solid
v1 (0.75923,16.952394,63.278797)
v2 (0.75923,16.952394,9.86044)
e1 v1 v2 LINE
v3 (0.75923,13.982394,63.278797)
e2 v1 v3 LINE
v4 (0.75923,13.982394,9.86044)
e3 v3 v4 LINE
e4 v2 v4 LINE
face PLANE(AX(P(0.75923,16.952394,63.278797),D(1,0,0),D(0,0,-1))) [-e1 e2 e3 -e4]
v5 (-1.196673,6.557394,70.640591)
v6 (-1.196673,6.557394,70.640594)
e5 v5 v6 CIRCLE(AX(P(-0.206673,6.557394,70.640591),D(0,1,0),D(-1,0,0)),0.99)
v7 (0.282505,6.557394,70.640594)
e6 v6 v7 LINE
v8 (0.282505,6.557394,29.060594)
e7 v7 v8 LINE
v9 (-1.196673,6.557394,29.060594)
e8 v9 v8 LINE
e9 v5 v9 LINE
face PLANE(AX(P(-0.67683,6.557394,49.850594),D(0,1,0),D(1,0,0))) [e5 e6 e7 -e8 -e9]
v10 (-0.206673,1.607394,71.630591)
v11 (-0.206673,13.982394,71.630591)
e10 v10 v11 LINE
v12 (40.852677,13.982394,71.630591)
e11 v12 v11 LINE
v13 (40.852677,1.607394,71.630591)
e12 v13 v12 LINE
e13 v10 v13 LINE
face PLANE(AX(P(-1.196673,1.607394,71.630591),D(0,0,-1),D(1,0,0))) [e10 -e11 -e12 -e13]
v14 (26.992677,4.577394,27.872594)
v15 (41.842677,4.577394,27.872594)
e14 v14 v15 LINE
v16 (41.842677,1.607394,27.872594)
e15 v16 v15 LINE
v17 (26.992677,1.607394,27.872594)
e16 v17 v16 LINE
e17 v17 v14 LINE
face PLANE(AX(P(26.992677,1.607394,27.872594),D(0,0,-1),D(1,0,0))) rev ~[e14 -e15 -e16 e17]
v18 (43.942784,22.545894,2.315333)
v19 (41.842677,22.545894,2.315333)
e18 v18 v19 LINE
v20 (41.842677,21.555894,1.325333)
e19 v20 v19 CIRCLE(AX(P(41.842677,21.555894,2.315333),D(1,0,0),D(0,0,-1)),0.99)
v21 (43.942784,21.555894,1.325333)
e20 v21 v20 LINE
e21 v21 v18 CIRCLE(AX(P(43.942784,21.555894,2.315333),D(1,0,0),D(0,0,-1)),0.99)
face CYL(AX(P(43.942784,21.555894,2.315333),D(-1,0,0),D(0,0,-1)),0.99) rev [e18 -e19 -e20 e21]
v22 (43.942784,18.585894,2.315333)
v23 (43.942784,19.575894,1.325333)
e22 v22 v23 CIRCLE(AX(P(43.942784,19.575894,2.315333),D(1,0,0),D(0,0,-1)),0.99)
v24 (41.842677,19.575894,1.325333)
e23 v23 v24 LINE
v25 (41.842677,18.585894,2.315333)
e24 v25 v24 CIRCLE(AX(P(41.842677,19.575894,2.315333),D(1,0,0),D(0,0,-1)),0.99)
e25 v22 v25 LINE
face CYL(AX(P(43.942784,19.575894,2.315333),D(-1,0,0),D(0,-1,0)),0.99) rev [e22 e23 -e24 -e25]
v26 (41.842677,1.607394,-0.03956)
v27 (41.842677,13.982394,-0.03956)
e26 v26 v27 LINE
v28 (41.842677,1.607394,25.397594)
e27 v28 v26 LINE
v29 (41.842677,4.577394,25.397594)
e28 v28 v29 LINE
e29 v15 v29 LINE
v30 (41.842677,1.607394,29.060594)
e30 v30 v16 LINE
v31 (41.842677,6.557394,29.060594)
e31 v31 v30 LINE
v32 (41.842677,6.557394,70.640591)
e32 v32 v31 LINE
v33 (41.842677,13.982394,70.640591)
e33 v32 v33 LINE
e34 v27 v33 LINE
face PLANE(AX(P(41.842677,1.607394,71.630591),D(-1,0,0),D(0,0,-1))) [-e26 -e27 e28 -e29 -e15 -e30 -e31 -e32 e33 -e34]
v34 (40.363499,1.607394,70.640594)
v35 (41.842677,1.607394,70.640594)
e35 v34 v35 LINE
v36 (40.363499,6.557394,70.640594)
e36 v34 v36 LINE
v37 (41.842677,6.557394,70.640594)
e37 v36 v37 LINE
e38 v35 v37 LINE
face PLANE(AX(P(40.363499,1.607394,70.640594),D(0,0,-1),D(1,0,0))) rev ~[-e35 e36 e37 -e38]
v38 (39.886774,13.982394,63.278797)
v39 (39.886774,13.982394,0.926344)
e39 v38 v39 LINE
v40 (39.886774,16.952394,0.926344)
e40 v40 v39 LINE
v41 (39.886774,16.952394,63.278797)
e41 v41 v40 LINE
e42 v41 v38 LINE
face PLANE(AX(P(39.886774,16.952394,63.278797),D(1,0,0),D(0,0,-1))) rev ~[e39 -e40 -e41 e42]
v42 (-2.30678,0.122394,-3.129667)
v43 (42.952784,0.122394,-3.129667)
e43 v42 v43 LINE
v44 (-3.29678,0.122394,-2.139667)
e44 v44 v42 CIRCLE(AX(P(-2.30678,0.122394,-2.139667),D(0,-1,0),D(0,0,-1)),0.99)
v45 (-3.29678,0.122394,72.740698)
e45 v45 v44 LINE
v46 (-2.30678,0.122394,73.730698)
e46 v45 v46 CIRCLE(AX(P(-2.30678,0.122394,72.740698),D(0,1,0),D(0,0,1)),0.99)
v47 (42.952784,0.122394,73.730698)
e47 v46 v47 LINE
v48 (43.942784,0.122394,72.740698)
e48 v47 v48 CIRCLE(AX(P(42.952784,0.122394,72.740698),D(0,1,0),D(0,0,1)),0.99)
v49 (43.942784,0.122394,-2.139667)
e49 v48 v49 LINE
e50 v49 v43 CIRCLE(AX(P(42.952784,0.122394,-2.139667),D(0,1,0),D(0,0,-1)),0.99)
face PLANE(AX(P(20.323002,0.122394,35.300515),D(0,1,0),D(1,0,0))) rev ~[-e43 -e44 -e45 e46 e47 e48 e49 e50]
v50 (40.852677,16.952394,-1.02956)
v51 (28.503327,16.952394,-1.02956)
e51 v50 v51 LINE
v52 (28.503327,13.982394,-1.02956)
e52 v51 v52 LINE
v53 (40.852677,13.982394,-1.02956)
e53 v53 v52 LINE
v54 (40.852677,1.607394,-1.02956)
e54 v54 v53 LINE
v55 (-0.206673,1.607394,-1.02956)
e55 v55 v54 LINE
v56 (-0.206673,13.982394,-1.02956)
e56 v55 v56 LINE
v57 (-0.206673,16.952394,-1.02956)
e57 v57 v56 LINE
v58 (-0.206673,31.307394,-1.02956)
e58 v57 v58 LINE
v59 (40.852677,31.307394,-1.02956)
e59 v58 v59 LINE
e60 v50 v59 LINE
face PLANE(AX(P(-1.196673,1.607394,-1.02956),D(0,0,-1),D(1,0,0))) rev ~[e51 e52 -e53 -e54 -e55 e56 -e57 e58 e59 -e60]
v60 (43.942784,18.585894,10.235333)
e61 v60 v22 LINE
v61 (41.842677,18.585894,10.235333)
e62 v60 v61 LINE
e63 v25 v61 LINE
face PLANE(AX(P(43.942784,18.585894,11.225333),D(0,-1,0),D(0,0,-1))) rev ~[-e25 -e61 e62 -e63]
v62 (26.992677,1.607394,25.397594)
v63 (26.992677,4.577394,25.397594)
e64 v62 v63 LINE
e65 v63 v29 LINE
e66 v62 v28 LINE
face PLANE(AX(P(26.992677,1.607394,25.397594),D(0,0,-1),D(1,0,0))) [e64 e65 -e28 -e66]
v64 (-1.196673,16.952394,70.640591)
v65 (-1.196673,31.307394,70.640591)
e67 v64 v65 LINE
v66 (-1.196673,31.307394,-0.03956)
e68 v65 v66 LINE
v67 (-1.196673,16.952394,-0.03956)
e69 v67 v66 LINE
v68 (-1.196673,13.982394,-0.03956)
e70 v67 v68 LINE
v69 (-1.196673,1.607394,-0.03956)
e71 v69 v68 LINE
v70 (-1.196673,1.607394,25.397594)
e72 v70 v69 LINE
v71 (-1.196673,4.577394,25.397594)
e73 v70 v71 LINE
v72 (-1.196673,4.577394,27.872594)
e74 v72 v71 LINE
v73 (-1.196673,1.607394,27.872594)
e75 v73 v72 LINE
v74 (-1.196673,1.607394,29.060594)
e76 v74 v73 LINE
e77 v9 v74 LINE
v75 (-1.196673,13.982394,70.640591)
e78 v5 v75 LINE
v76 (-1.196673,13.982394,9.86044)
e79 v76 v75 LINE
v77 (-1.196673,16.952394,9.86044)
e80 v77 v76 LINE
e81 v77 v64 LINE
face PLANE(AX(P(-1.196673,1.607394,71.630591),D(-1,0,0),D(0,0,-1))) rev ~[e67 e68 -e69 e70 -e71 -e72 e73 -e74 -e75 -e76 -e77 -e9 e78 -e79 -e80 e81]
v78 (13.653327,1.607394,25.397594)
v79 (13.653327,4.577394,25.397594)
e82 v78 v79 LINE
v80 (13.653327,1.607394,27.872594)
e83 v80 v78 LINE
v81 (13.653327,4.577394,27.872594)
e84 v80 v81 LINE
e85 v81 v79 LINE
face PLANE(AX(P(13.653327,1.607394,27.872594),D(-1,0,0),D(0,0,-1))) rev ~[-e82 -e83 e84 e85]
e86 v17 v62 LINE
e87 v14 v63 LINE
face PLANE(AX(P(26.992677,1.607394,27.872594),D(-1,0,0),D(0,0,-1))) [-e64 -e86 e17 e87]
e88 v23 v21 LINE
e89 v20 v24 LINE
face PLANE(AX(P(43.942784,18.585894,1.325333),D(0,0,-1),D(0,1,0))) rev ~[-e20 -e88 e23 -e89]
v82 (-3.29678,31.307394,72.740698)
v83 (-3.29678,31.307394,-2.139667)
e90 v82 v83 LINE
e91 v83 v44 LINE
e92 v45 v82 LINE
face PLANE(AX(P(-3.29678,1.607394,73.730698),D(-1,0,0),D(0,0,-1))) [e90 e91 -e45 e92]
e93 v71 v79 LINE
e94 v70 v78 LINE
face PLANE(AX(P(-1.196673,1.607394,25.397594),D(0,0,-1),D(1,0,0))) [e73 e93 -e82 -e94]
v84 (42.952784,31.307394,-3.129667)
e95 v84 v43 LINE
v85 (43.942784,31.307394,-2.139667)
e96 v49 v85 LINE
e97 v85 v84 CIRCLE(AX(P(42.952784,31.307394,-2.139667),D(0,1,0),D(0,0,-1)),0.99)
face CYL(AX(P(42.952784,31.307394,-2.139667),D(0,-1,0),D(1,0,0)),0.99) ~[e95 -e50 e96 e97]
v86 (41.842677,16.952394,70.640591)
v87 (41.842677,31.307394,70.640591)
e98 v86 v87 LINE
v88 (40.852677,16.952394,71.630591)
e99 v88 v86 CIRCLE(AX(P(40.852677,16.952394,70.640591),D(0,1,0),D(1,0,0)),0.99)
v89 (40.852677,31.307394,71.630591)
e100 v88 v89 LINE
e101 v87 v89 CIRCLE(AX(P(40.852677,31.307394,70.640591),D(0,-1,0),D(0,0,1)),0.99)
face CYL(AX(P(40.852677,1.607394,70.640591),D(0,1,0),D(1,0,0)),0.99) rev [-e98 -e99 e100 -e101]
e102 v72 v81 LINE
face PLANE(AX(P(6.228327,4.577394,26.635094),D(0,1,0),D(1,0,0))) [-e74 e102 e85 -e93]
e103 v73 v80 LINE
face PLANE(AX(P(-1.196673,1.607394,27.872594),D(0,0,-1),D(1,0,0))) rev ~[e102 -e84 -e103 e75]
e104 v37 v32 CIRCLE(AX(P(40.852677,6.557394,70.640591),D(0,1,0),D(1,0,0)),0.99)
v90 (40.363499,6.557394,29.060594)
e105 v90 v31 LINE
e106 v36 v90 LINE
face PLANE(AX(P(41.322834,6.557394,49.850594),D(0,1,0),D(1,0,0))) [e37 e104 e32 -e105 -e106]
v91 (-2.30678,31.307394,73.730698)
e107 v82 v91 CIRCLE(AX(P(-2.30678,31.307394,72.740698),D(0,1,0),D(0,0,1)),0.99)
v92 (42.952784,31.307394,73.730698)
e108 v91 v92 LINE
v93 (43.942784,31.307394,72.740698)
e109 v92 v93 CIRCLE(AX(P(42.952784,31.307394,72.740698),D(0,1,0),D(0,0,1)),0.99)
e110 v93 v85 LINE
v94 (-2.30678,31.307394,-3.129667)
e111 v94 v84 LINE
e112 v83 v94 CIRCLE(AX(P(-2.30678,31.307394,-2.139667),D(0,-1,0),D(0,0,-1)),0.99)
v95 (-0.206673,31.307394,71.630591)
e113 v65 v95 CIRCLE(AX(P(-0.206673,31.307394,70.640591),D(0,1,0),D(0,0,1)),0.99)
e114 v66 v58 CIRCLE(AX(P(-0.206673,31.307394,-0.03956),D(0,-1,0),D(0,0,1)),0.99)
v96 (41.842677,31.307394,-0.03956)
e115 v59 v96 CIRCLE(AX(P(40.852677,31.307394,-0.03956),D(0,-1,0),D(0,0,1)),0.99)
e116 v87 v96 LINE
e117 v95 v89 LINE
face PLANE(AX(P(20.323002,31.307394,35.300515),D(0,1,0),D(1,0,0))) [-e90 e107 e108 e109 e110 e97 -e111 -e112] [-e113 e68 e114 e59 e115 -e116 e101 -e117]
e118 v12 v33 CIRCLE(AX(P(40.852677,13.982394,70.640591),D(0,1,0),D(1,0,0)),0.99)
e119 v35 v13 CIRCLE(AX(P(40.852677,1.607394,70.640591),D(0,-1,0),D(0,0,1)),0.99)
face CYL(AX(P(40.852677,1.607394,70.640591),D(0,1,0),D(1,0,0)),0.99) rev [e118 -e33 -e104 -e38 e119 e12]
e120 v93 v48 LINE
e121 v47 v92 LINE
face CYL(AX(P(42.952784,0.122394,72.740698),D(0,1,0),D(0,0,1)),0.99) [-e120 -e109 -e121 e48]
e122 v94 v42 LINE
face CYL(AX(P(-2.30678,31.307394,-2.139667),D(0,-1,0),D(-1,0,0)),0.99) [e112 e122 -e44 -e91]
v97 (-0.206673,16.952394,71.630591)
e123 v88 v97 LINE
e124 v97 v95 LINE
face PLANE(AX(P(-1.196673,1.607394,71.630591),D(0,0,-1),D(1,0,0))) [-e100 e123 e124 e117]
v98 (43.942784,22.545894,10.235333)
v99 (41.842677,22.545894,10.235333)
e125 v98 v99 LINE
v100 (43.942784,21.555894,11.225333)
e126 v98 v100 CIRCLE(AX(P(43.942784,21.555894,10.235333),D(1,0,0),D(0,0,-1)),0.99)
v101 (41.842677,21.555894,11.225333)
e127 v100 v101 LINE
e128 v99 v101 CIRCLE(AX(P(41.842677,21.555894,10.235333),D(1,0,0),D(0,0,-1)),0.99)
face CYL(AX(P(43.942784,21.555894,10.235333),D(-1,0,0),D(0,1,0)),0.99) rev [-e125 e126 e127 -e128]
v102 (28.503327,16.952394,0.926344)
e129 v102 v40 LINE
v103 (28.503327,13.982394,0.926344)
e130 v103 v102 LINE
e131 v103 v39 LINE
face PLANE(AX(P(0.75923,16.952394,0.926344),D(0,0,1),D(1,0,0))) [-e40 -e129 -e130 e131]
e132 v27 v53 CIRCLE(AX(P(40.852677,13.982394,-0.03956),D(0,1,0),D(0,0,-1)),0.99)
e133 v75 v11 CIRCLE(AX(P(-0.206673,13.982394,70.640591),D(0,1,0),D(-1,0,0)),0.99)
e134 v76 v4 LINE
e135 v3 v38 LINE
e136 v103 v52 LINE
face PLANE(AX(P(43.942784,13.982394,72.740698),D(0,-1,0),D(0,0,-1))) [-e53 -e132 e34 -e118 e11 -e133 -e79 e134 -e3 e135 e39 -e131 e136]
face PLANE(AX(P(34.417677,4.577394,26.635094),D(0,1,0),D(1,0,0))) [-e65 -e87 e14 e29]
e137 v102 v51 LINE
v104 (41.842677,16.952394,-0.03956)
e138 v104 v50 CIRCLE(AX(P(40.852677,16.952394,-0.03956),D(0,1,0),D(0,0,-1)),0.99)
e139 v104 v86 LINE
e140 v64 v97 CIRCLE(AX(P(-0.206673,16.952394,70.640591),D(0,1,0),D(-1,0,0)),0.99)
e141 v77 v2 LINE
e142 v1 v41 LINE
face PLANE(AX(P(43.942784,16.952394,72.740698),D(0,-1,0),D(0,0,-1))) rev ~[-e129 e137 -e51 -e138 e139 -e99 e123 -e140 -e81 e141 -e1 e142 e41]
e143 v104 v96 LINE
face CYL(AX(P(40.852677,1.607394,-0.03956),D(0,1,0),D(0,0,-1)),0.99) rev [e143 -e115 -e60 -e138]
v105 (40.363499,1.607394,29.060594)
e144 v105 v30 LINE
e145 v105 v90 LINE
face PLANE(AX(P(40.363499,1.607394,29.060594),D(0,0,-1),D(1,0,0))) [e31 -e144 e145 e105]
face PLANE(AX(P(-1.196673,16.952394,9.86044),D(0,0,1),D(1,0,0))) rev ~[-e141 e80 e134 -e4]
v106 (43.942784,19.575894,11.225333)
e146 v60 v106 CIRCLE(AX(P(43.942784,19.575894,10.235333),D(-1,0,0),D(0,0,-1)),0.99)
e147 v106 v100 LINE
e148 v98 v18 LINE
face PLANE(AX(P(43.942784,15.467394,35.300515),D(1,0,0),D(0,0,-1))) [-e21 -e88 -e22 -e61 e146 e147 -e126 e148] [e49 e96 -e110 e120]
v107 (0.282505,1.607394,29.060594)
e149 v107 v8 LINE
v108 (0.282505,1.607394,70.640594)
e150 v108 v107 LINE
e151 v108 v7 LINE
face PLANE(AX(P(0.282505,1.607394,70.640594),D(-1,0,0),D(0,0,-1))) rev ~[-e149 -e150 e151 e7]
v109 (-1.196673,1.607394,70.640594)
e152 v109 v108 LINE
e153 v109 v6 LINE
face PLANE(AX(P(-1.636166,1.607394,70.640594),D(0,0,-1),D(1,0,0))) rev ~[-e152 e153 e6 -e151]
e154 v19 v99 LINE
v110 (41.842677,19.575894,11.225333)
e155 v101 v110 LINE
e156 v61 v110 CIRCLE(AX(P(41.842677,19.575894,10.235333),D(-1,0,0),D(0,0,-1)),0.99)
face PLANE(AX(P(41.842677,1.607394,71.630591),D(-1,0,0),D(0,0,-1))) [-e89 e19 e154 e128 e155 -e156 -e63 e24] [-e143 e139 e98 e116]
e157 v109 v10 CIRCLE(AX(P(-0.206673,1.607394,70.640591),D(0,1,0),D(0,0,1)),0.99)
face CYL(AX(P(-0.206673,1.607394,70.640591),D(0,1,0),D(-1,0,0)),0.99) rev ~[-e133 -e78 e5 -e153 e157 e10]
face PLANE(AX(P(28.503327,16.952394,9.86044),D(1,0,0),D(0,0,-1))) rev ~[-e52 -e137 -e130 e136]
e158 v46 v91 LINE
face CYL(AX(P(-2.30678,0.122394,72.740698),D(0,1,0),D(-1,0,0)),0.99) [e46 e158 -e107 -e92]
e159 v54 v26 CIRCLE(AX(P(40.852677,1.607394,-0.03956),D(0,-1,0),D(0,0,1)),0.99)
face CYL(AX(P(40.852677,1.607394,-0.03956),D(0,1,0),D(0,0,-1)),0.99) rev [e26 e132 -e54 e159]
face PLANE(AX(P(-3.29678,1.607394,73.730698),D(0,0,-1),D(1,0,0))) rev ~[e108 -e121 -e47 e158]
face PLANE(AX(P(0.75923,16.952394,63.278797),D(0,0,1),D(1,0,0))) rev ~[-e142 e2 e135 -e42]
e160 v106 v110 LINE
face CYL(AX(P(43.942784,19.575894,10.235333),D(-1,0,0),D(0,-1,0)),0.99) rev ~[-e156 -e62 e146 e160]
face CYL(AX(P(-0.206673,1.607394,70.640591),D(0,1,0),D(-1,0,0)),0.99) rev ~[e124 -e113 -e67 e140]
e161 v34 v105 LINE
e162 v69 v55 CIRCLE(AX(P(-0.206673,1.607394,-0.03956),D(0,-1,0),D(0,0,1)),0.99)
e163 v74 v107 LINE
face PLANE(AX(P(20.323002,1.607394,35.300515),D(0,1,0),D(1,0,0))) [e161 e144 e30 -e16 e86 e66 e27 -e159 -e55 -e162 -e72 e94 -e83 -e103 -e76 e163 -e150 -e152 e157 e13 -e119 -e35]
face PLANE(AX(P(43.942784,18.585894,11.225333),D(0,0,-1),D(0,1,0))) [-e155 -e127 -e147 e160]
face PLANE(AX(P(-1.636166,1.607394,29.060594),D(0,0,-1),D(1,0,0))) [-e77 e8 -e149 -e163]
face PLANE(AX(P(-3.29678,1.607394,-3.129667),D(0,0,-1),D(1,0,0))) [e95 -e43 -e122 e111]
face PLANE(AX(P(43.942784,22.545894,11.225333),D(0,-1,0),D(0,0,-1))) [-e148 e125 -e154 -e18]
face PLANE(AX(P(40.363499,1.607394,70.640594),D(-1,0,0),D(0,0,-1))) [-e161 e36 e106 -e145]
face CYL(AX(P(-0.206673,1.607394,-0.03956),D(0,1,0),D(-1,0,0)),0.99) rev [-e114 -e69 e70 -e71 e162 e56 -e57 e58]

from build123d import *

# Parameters (mm, degrees)
PCB_DIMENSIONS_W    = 47.716732244
PCB_DIMENSIONS_H    = 77.636732244
BOSS_EXTRUDE3_DEPTH = 1.5
SKETCH5_W           = 47.716732244
SKETCH5_H           = 77.636732244
SKETCH5_W_2         = 43.474091557
SKETCH5_H_2         = 73.394091557
BOSS_EXTRUDE5_DEPTH = 30
FILLET1_R           = 1
SKETCH9_W           = 1.93805105
SKETCH9_H           = 42
SKETCH9_W_2         = 1.938051049
BOSS_EXTRUDE6_DEPTH = 5
SKETCH14_W          = 15
SKETCH14_H          = 2.5
BOSS_EXTRUDE7_DEPTH = 3
SKETCH15_W          = 75.636732244
SKETCH15_H          = 3
BOSS_EXTRUDE8_DEPTH = 46
SKETCH17_W          = 39.522771214
SKETCH17_H          = 62.982276128
CUT_EXTRUDE1_DEPTH  = 3
CUT_EXTRUDE2_DEPTH  = 3
SKETCH19_W          = 10
SKETCH19_H          = 4
CUT_EXTRUDE3_DEPTH  = 10
FILLET2_R           = 1
SCALE1_SCALE        = 0.99


with BuildPart() as part:
    # PCB Dimensions → Boss-Extrude3 (new body)
    with BuildSketch(Plane(origin=(0, 0, 0), x_dir=(1, 0, 0), z_dir=(0, 1, 0))):
        with Locations((20.322832216, -35.282832216)):
            Rectangle(PCB_DIMENSIONS_W, PCB_DIMENSIONS_H)
    extrude(amount=BOSS_EXTRUDE3_DEPTH)

    # Sketch5 → Boss-Extrude5 (add)
    with BuildSketch(Plane(origin=(0, 1.5, 0), x_dir=(1, 0, 0), z_dir=(0, 1, 0))):
        with Locations((20.322832216, -35.282832216)):
            Rectangle(SKETCH5_W, SKETCH5_H)
        with Locations((20.322832217, -35.282832217)):
            Rectangle(SKETCH5_W_2, SKETCH5_H_2, mode=Mode.SUBTRACT)
    extrude(amount=BOSS_EXTRUDE5_DEPTH)

    # Fillet1
    fillet1_edges = [part.edges().sort_by_distance(p)[0] for p in [
        (42.059877995, 16.5, -1.414213562),
        (-1.414213562, 16.5, -1.414213562),
        (-1.414213562, 16.5, 71.979877995),
        (42.059877995, 16.5, 71.979877995),
        (44.181198338, 15.75, 74.101198338),
        (-3.535533906, 15.75, 74.101198338),
        (-3.535533906, 15.75, -3.535533906),
        (44.181198338, 15.75, -3.535533906),
    ]]
    fillet(fillet1_edges, radius=FILLET1_R)

    # Sketch9 → Boss-Extrude6 (add)
    with BuildSketch(Plane(origin=(0, 1.5, 0), x_dir=(1, 0, 0), z_dir=(0, 1, 0))):
        with Locations((-0.88911969, -49.979881394)):
            Rectangle(SKETCH9_W, SKETCH9_H)
        with Locations((41.534784122, -49.979881394)):
            Rectangle(SKETCH9_W_2, SKETCH9_H)
    extrude(amount=BOSS_EXTRUDE6_DEPTH)

    # Sketch14 → Boss-Extrude7 (add)
    with BuildSketch(Plane(origin=(0, 1.5, 0), x_dir=(1, 0, 0), z_dir=(0, 1, 0))):
        with Locations((6.085786438, -26.529881394)):
            Rectangle(SKETCH14_W, SKETCH14_H)
        with Locations((34.559877995, -26.529881394)):
            Rectangle(SKETCH14_W, SKETCH14_H)
    extrude(amount=BOSS_EXTRUDE7_DEPTH)

    # Sketch15 → Boss-Extrude8 (add)
    with BuildSketch(Plane(origin=(44.181198338, 0, 0), x_dir=(0, 0, -1), z_dir=(1, 0, 0))):
        with Locations((-35.282832216, 15.5)):
            Rectangle(SKETCH15_W, SKETCH15_H)
    extrude(amount=-BOSS_EXTRUDE8_DEPTH)

    # Sketch17 → Cut-Extrude1 (cut)
    with BuildSketch(Plane(origin=(0, 17, 0), x_dir=(1, 0, 0), z_dir=(0, 1, 0))):
        with Locations((20.322832216, -32.052584673)):
            Rectangle(SKETCH17_W, SKETCH17_H)
    extrude(amount=-CUT_EXTRUDE1_DEPTH, mode=Mode.SUBTRACT)

    # Sketch18 → Cut-Extrude2 (cut)
    with BuildSketch(Plane(origin=(0, 17, 0), x_dir=(1, 0, 0), z_dir=(0, 1, 0))):
        with BuildLine():
            Line((-1.414213562, -9.585786438), (28.585786438, -9.585786438))
            Line((28.585786438, -9.585786438), (28.585786438, 1.414213562))
            Line((28.585786438, 1.414213562), (-0.414213562, 1.414213562))
            ThreePointArc((-0.414213562, 1.414213562), (-1.121320344, 1.121320344), (-1.414213562, 0.414213562))
            Line((-1.414213562, 0.414213562), (-1.414213562, -9.585786438))
        make_face()
    extrude(amount=-CUT_EXTRUDE2_DEPTH, mode=Mode.SUBTRACT)

    # Sketch19 → Cut-Extrude3 (cut)
    with BuildSketch(Plane(origin=(44.181198338, 0, 0), x_dir=(0, 0, -1), z_dir=(1, 0, 0))):
        with Locations((-5.964466094, 20.65)):
            Rectangle(SKETCH19_W, SKETCH19_H)
    extrude(amount=-CUT_EXTRUDE3_DEPTH, mode=Mode.SUBTRACT)

    # Fillet2
    fillet2_edges = [part.edges().sort_by_distance(p)[0] for p in [
        (43.120538167, 22.65, 0.964466094),
        (43.120538167, 18.65, 0.964466094),
        (43.120538167, 18.65, 10.964466094),
        (43.120538167, 22.65, 10.964466094),
    ]]
    fillet(fillet2_edges, radius=FILLET2_R)


with BuildPart() as part_1:
    # Scale1: scaled about (20.339813051, 12.239416384, 37.051144502)
    add(part.part.scale(SCALE1_SCALE).moved(Location((0.203398131, 0.122394164, 0.370511445))))


solid = part_1.part
